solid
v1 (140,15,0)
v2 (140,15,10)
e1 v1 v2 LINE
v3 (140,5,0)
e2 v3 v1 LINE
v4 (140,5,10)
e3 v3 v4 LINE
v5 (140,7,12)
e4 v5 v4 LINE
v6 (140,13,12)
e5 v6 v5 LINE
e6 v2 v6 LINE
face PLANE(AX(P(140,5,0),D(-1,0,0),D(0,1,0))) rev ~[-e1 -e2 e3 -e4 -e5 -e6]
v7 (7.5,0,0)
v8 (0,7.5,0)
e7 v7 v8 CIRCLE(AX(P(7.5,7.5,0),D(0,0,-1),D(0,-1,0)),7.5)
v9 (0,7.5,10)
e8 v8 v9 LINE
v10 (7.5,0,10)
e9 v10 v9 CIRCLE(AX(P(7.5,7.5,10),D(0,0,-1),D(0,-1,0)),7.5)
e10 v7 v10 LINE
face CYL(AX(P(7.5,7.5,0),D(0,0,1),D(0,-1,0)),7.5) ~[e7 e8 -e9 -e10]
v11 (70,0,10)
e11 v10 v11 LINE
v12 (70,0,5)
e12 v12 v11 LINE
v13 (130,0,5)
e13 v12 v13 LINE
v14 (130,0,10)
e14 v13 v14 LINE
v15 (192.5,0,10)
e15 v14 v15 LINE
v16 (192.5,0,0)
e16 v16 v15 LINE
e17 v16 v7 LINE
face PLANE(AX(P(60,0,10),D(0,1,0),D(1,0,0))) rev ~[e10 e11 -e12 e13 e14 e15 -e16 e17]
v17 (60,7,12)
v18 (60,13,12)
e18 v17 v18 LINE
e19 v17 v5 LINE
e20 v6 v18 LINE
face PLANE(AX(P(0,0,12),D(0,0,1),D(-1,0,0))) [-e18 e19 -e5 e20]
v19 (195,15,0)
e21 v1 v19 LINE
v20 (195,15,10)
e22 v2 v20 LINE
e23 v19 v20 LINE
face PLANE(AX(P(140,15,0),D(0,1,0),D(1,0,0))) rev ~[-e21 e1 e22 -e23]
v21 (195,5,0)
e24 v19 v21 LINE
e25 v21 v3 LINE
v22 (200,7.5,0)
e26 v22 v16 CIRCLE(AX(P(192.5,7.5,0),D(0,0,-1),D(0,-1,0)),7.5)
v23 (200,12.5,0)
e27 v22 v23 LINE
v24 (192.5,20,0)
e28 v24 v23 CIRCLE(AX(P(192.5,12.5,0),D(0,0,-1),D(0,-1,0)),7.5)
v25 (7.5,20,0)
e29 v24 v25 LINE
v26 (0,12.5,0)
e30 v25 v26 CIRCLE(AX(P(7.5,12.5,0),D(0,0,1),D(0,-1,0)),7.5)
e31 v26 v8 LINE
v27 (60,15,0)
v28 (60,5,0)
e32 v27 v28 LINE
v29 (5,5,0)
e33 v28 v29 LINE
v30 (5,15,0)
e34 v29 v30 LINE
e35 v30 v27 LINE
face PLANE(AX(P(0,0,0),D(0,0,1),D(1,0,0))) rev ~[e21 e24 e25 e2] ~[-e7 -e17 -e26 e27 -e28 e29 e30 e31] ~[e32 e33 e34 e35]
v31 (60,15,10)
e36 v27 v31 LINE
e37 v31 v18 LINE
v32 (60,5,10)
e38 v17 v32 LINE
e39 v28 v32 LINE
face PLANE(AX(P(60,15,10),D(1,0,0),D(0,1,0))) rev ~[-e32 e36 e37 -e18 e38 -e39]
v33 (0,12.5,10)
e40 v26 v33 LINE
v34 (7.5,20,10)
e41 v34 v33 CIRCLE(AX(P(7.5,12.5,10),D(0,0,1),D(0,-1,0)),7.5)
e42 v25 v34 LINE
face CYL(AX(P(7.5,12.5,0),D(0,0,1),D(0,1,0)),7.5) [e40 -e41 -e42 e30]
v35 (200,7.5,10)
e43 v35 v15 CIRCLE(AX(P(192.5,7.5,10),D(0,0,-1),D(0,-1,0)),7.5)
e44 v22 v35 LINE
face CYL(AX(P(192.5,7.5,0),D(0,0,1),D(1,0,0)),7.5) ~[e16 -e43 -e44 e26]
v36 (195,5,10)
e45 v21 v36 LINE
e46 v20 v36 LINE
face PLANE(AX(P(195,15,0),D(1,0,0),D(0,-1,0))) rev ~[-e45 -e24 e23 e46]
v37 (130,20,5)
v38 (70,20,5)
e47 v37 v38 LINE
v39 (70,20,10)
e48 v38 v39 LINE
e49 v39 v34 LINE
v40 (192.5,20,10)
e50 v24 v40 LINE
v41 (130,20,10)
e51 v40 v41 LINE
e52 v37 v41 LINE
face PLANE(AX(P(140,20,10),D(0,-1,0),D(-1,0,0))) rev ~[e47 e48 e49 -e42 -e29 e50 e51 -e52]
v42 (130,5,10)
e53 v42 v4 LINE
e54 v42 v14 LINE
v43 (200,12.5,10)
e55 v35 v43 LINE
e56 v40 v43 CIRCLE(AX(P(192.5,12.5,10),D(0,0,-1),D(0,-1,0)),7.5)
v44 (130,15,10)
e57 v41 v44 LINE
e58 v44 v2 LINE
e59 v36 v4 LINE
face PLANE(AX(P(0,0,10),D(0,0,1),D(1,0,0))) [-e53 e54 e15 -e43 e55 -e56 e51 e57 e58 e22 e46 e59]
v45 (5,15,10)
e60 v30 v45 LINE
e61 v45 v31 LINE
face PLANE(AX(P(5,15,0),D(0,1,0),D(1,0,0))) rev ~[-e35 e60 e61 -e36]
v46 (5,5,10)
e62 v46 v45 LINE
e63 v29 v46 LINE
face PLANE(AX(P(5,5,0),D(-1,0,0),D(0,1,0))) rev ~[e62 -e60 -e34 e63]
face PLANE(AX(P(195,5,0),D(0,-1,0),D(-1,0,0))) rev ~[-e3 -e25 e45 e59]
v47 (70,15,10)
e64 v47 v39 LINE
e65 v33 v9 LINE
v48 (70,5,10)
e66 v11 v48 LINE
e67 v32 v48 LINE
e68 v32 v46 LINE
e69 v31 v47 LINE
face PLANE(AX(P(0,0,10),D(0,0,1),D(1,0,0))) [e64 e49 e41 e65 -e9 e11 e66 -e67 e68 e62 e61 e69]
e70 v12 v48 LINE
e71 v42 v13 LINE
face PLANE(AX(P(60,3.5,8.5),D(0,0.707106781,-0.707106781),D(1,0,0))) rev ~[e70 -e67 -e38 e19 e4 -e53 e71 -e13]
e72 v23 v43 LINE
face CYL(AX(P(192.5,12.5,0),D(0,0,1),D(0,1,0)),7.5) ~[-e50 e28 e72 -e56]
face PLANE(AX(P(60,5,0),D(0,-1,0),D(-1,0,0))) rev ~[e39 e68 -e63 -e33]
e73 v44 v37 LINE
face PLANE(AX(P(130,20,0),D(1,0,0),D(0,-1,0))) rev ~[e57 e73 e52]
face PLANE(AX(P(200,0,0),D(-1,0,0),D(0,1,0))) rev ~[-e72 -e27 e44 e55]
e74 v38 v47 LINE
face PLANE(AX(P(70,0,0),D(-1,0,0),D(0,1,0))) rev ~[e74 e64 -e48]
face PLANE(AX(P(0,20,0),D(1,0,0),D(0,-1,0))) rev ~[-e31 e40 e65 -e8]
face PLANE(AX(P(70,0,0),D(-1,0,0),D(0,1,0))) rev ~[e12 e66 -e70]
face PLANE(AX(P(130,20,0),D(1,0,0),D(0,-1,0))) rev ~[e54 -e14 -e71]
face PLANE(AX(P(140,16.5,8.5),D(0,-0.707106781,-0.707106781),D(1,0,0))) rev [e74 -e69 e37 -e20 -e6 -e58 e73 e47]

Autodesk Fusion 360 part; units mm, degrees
sketch "Sketch1" plane through (0, 0, 0) normal (0, 0, 1) x (1, 0, 0)
  line L0 (0, 0) -> (200, 0)
  line L1 (200, 0) -> (200, 20)
  line L2 (200, 20) -> (0, 20)
  line L3 (0, 20) -> (0, 0)
  line L4 (100, 20) -> (130, 20)
  line L5 (130, 20) -> (130, 0)
  line L6 (130, 0) -> (100, 0)
  line L7 (100, 0) -> (100, 20)
  line L8 (130, 0) -> (70, 0)
  line L9 (70, 0) -> (70, 20)
  line L10 (70, 20) -> (130, 20)
  line L11 (130, 20) -> (130, 0)
  line L12 (140, 15) -> (195, 15)
  line L13 (195, 15) -> (195, 5)
  line L14 (195, 5) -> (140, 5)
  line L15 (140, 5) -> (140, 15)
  line L16 (60, 5) -> (5, 5)
  line L17 (5, 5) -> (5, 15)
  line L18 (5, 15) -> (60, 15)
  line L19 (60, 15) -> (60, 5)
  dimension "d1" = 200
  dimension "d2" = 20
extrude "Extrude1" add sketch "Sketch1" along normal blind 10
fillet "Fillet1" radius 7.5 4 edges at (200, 20, 5) (200, 0, 5) (0, 0, 5) (0, 20, 5)
sketch "Sketch2" plane through (0, 0, 10) normal (0, 0, 1) x (-1, 0, 0)
  arc A0 (-7.5, -20) -> (0, -12.5) centre (-7.5, -12.5) ccw
  line L0 (0, -12.5) -> (0, -7.5)
  arc A1 (0, -7.5) -> (-7.5, 0) centre (-7.5, -7.5) ccw
  line L1 (-7.5, 0) -> (-192.5, 0)
  arc A2 (-192.5, 0) -> (-200, -7.5) centre (-192.5, -7.5) ccw
  line L2 (-200, -7.5) -> (-200, -12.5)
  arc A3 (-200, -12.5) -> (-192.5, -20) centre (-192.5, -12.5) ccw
  line L3 (-192.5, -20) -> (-7.5, -20)
  line L4 (-195, -5) -> (-140, -5)
  line L5 (-140, -5) -> (-140, -15)
  line L6 (-140, -15) -> (-195, -15)
  line L7 (-195, -15) -> (-195, -5)
  line L8 (-5, -15) -> (-60, -15)
  line L9 (-60, -15) -> (-60, -5)
  line L10 (-60, -5) -> (-5, -5)
  line L11 (-5, -5) -> (-5, -15)
  line L12 (-60, -20) -> (-140, -20)
  line L13 (-140, -20) -> (-140, 0)
  line L14 (-140, 0) -> (-60, 0)
  line L15 (-60, 0) -> (-60, -20)
extrude "Extrude2" add sketch "Sketch2" along normal blind 2 contours L1 L3 L5 L9 L12 L13 L14 L15
extrude "Extrude3" cut 2 faces at (24.1667, 3.3333, 10) (175.8333, 3.3333, 10) along direction (0, 0, -1) blind 10
chamfer "Chamfer1" distance 7 angle 45 2 edges at (100, 0, 12) (100, 20, 12)
extrude "Extrude4" add sketch "Sketch1" along normal blind 10 contours L0 L2 L3 L9 | L0 L1 L2 L5 L11
fillet "Fillet2" radius 7.5 4 edges at (0, 20, 5) (0, 0, 5) (200, 20, 5) (200, 0, 5)
